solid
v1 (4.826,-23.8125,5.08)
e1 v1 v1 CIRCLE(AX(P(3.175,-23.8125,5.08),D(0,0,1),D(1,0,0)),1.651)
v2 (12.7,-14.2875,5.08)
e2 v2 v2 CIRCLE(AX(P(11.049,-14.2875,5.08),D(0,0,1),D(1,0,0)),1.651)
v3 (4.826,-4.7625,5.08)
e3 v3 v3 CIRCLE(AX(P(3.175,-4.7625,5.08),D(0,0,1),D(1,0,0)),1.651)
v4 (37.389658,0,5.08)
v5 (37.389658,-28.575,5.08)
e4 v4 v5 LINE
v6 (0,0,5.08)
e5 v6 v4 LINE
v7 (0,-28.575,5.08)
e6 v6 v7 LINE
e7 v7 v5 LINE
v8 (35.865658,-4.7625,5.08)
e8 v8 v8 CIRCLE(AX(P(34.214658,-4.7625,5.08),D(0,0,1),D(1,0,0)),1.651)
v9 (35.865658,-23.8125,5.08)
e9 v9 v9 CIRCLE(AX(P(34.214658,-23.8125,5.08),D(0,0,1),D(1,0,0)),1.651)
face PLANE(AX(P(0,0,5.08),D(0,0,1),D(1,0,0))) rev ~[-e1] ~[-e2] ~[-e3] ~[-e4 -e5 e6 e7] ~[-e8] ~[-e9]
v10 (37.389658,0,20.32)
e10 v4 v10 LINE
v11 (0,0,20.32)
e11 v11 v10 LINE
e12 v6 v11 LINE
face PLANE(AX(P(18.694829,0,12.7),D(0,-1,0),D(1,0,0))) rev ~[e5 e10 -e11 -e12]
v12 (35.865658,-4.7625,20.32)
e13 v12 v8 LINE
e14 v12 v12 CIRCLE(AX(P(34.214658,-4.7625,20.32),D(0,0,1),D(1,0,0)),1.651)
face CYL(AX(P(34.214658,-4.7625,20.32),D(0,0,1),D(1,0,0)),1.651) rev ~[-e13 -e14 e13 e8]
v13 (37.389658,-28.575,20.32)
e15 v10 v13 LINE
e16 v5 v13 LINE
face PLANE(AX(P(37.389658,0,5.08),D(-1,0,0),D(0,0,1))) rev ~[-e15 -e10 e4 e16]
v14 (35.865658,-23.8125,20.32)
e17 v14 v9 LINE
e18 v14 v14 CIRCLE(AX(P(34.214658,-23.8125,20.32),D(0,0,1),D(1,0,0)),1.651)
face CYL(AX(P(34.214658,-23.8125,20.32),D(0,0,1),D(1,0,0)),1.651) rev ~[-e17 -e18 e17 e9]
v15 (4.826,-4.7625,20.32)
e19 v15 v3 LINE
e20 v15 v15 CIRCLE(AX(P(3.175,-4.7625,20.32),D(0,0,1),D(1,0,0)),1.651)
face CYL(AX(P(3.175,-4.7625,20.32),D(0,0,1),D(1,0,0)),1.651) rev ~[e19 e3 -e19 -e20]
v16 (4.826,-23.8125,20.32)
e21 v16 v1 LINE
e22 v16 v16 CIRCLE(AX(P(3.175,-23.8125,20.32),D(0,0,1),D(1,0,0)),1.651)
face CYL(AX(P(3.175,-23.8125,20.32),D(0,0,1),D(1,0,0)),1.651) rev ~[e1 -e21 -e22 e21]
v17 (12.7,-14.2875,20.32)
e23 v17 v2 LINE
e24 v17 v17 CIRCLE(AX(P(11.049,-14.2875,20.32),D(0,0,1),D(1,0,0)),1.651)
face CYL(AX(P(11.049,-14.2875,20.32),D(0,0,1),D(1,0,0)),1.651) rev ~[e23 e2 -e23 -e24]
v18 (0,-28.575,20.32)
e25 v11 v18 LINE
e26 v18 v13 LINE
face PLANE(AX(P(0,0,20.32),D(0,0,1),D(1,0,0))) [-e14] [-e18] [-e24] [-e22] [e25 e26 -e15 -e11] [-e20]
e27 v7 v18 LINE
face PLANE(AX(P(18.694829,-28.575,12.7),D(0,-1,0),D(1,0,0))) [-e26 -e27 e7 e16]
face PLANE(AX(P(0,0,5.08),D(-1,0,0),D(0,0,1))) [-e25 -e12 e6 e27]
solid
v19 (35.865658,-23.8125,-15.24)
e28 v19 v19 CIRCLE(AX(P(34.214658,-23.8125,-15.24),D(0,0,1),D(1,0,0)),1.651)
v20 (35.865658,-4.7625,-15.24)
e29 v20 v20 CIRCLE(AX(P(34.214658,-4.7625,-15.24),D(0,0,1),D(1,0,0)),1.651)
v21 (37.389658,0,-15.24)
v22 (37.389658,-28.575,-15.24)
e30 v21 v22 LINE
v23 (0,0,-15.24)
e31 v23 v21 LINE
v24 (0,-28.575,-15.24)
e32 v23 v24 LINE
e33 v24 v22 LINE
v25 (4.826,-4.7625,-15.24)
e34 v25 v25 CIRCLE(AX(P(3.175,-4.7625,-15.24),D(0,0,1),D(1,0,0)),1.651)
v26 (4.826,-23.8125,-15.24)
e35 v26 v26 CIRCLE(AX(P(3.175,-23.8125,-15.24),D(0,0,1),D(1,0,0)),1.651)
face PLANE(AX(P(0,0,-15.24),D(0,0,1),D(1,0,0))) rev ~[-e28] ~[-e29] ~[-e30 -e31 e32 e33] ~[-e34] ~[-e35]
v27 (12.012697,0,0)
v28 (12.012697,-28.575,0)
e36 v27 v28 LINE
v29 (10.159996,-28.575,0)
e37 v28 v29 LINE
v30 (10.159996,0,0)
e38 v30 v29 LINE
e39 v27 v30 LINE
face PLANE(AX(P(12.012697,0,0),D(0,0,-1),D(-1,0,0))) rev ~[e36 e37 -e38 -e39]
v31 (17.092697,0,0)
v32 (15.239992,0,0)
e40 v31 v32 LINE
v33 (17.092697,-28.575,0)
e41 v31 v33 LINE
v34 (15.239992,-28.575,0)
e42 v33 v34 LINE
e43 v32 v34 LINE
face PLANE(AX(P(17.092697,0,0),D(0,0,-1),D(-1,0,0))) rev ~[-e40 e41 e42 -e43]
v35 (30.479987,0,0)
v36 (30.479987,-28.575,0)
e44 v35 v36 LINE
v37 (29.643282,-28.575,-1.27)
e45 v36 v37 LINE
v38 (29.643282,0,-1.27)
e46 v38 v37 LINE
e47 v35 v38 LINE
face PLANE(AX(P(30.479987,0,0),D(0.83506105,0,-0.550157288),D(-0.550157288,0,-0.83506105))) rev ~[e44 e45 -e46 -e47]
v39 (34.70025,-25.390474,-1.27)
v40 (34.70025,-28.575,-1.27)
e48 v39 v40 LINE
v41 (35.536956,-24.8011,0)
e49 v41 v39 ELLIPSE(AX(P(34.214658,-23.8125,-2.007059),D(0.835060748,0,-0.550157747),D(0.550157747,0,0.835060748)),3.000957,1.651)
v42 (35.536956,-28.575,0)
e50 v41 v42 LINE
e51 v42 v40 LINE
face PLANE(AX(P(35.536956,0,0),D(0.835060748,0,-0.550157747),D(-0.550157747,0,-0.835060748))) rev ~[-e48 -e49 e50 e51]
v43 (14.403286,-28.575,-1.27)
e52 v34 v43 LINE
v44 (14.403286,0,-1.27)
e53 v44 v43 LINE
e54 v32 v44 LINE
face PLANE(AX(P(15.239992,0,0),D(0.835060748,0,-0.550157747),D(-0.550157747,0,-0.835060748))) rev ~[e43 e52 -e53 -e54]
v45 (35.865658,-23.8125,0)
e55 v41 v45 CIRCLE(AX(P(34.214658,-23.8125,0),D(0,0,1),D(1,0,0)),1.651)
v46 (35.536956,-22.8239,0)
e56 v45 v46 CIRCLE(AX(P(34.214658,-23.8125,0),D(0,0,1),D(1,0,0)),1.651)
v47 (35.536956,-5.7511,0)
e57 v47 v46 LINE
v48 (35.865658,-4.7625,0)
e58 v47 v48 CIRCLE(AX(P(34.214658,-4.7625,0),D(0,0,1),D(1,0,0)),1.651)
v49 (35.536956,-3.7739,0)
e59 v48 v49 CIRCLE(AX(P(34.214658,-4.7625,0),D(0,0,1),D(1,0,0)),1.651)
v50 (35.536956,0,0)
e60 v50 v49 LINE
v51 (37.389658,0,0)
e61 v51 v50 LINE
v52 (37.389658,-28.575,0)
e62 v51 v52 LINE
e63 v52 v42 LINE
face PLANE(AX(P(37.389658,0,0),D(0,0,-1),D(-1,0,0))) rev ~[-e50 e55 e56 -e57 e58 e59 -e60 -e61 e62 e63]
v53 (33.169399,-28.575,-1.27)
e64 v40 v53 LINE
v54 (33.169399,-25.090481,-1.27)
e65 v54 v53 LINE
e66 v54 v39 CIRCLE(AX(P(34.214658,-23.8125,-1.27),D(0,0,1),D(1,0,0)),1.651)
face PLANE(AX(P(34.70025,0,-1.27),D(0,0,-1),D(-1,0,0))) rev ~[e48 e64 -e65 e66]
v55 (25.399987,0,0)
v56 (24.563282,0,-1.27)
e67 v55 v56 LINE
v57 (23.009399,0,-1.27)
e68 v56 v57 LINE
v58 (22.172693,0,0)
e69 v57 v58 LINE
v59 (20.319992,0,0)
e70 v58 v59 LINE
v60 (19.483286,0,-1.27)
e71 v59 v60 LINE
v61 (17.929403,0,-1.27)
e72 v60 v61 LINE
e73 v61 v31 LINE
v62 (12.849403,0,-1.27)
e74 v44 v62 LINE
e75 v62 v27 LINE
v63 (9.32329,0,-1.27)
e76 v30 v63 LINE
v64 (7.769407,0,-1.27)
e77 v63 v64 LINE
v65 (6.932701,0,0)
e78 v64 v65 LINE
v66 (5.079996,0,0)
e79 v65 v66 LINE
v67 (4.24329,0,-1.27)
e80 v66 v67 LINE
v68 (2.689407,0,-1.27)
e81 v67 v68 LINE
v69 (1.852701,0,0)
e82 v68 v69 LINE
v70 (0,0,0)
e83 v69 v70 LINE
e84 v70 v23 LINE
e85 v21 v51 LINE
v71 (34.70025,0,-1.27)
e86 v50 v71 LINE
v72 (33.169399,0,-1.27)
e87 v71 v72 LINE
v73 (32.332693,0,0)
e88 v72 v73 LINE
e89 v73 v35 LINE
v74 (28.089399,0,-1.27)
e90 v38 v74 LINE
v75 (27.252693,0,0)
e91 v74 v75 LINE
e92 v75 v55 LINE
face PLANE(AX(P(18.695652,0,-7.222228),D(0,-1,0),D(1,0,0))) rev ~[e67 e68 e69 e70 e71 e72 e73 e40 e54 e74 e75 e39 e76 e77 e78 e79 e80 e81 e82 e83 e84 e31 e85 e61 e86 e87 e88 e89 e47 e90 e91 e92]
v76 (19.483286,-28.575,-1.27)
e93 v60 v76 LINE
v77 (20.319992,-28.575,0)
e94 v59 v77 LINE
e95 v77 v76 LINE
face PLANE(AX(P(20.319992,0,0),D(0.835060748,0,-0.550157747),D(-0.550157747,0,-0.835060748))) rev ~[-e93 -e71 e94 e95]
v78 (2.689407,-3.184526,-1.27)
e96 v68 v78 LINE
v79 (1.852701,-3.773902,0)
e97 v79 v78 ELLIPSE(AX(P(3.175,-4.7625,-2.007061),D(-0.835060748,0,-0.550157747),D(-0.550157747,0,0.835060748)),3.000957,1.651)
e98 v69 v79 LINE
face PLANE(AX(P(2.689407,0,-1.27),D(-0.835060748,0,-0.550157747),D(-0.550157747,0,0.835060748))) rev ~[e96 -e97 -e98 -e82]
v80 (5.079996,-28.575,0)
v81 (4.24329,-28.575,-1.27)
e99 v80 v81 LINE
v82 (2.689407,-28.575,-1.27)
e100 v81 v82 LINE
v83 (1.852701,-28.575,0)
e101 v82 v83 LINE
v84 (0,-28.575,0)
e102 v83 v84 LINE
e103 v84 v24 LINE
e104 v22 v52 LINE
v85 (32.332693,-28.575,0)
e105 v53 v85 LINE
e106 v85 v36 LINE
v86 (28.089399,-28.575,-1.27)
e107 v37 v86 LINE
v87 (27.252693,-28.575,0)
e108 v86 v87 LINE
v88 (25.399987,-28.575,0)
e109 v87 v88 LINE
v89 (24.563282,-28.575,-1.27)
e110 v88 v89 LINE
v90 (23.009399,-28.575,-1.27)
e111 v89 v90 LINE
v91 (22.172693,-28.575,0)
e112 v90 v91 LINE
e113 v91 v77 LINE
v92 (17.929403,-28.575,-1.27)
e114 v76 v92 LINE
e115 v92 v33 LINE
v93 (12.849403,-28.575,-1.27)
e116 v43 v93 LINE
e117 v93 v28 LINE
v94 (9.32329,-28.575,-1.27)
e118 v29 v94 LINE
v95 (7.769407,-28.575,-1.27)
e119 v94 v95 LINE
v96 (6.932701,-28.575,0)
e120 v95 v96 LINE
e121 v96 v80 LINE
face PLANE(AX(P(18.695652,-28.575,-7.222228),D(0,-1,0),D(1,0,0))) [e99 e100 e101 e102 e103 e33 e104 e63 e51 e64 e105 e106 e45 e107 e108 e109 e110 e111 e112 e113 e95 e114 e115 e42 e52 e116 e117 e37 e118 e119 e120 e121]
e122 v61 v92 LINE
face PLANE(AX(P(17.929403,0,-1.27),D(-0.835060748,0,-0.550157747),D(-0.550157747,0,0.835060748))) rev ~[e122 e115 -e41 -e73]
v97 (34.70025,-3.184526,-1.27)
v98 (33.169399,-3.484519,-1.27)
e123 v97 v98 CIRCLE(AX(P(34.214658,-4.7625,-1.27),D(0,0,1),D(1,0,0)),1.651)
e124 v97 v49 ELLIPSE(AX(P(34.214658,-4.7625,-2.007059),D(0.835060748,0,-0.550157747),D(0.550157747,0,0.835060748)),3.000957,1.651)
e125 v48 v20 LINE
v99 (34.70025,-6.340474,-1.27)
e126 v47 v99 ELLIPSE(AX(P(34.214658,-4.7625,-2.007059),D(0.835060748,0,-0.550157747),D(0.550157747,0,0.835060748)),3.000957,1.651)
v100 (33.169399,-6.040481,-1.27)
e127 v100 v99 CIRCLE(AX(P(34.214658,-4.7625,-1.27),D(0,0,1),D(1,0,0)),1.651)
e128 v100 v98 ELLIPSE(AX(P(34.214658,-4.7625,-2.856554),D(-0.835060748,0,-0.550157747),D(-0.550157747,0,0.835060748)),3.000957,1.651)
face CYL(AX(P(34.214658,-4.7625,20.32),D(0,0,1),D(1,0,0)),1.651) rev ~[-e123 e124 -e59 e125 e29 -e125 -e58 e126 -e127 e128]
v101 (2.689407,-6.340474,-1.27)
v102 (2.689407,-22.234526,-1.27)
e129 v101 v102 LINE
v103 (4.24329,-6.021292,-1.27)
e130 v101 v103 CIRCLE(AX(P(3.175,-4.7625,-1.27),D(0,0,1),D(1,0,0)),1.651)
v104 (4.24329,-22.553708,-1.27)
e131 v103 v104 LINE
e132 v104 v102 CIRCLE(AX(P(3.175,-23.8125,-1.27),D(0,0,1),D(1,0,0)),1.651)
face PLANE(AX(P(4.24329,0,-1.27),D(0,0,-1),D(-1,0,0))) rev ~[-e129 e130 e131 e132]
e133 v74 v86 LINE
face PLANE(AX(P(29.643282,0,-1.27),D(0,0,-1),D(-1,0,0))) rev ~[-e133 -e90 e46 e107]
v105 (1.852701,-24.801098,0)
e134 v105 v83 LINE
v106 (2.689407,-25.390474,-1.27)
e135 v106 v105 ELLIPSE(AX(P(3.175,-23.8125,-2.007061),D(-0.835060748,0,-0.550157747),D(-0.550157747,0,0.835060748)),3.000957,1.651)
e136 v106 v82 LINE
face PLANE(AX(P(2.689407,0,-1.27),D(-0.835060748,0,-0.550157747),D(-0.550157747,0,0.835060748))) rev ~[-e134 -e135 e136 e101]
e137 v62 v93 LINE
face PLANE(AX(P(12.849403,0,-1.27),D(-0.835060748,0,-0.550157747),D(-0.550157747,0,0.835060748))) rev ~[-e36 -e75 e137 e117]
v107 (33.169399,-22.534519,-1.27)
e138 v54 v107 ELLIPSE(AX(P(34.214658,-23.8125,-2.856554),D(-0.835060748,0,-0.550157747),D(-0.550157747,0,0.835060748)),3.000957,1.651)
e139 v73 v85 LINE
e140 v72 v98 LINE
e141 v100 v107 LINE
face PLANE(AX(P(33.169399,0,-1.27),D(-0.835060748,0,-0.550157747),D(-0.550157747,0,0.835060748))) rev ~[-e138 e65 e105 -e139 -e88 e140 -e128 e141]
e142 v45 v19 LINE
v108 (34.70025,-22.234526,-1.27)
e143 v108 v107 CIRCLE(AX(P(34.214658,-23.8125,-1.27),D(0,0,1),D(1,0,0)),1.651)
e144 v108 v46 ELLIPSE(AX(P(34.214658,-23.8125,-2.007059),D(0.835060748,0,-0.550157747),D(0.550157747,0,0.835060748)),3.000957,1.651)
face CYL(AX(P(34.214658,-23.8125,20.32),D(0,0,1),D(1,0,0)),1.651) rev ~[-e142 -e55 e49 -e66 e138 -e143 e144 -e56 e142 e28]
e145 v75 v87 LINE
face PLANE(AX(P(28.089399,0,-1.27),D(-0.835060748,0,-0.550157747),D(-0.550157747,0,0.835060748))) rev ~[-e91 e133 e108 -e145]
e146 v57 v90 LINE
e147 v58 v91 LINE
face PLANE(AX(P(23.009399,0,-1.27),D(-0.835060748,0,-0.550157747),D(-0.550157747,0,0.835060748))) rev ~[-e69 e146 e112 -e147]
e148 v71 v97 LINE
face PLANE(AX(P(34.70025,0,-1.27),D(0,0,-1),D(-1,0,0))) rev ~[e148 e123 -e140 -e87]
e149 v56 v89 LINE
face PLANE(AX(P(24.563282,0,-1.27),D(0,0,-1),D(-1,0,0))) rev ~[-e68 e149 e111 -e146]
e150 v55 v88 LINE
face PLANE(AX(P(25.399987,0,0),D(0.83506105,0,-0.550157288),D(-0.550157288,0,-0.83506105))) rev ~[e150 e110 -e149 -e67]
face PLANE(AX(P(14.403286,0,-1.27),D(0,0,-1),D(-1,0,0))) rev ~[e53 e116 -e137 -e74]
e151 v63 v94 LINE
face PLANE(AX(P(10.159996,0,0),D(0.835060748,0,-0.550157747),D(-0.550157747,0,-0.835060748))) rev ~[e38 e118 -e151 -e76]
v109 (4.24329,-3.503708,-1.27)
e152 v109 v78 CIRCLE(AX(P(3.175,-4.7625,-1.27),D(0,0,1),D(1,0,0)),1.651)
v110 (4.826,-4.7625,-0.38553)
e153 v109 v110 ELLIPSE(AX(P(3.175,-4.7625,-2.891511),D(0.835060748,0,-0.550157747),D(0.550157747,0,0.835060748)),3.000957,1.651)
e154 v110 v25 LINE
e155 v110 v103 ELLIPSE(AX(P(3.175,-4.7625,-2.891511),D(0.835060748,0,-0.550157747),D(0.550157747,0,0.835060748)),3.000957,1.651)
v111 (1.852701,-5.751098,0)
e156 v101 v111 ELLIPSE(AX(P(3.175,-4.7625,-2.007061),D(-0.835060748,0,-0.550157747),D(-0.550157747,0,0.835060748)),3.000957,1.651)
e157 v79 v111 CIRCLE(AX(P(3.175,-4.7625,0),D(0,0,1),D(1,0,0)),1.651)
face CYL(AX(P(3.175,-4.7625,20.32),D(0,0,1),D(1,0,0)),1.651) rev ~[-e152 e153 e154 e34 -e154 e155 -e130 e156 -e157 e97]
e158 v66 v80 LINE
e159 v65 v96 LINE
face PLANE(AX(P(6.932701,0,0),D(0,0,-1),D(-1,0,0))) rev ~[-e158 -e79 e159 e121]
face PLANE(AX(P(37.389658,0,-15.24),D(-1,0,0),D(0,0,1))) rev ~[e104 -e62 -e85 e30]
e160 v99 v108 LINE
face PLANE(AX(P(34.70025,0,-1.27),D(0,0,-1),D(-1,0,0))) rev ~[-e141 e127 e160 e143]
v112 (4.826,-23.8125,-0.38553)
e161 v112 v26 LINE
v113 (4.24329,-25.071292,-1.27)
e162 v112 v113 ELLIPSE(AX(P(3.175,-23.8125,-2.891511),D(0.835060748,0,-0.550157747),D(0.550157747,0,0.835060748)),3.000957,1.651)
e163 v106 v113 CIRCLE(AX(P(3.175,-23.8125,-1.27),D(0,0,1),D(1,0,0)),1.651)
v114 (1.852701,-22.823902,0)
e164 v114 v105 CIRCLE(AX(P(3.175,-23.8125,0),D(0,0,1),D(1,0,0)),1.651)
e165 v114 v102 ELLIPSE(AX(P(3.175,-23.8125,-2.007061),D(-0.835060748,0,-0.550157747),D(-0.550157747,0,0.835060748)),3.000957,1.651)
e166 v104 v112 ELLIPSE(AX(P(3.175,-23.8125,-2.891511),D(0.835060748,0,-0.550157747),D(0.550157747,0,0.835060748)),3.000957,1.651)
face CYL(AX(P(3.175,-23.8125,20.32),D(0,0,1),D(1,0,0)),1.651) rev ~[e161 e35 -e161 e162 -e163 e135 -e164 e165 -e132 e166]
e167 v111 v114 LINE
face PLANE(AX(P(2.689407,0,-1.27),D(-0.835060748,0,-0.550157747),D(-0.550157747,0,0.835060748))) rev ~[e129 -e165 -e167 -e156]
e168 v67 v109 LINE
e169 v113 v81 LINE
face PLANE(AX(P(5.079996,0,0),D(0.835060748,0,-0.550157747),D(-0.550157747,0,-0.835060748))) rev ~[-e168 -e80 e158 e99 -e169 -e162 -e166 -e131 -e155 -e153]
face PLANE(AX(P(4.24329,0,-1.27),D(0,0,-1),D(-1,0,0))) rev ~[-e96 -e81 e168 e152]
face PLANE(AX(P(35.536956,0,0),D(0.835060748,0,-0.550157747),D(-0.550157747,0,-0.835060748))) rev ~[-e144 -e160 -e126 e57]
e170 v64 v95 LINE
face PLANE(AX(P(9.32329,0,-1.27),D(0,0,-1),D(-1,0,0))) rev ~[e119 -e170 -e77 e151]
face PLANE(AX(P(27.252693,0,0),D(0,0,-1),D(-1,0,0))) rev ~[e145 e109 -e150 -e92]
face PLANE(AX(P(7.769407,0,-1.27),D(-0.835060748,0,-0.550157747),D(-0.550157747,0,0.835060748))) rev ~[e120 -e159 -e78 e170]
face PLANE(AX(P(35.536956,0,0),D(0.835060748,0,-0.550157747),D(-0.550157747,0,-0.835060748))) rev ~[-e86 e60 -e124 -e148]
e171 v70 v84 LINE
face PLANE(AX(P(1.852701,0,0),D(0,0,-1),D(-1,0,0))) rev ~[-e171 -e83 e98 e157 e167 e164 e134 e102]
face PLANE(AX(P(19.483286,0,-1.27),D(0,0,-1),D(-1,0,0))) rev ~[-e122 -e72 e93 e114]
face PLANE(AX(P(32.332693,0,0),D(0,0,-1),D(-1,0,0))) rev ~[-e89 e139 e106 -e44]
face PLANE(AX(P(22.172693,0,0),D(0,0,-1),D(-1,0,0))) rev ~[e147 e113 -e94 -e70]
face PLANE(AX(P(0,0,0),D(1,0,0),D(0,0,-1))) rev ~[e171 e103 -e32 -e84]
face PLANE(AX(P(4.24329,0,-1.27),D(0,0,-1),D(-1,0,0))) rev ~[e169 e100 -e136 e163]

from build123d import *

# Parameters (mm, degrees)
F0_W     = 37.389658
F0_H     = 15.24
F1_DEPTH = 28.575
F2_R     = 1.651
F3_DEPTH = 35.561
F4_R     = 1.651
F5_DEPTH = 15.24


with BuildPart() as f1:
    # F0 (on Front) → F1 (new body)
    with BuildSketch(Plane.XZ):
        with Locations((18.694829, 12.7)):
            Rectangle(F0_W, F0_H)
        Polygon((2.689407, -1.27), (1.852701, 0), (0, 0), (0, -15.24), (37.389658, -15.24), (37.389658, 0), (35.536956, 0), (34.70025, -1.27), (33.169399, -1.27), (32.332693, 0), (30.479987, 0), (29.643282, -1.27), (28.089399, -1.27), (27.252693, 0), (25.399987, 0), (24.563282, -1.27), (23.009399, -1.27), (22.172693, 0), (20.319992, 0), (19.483286, -1.27), (17.929403, -1.27), (17.092697, 0), (15.239992, 0), (14.403286, -1.27), (12.849403, -1.27), (12.012697, 0), (10.159996, 0), (9.32329, -1.27), (7.769407, -1.27), (6.932701, 0), (5.079996, 0), (4.24329, -1.27), align=None)
    extrude(amount=F1_DEPTH)

    # F2 (on face) → F3 (cut, through all)
    with BuildSketch(Plane.XY.offset(20.32)):
        with Locations((3.175, -4.7625)):
            Circle(F2_R)
        with Locations((3.175, -23.8125)):
            Circle(F2_R)
        with Locations((34.214658, -4.7625)):
            Circle(F2_R)
        with Locations((34.214658, -23.8125)):
            Circle(F2_R)
    extrude(amount=-F3_DEPTH, mode=Mode.SUBTRACT)

    # F4 (on face) → F5 (cut, through all)
    with BuildSketch(Plane.XY.offset(20.32)):
        with Locations((11.049, -14.2875)):
            Circle(F4_R)
    extrude(amount=-F5_DEPTH, mode=Mode.SUBTRACT)


solid = f1.part
